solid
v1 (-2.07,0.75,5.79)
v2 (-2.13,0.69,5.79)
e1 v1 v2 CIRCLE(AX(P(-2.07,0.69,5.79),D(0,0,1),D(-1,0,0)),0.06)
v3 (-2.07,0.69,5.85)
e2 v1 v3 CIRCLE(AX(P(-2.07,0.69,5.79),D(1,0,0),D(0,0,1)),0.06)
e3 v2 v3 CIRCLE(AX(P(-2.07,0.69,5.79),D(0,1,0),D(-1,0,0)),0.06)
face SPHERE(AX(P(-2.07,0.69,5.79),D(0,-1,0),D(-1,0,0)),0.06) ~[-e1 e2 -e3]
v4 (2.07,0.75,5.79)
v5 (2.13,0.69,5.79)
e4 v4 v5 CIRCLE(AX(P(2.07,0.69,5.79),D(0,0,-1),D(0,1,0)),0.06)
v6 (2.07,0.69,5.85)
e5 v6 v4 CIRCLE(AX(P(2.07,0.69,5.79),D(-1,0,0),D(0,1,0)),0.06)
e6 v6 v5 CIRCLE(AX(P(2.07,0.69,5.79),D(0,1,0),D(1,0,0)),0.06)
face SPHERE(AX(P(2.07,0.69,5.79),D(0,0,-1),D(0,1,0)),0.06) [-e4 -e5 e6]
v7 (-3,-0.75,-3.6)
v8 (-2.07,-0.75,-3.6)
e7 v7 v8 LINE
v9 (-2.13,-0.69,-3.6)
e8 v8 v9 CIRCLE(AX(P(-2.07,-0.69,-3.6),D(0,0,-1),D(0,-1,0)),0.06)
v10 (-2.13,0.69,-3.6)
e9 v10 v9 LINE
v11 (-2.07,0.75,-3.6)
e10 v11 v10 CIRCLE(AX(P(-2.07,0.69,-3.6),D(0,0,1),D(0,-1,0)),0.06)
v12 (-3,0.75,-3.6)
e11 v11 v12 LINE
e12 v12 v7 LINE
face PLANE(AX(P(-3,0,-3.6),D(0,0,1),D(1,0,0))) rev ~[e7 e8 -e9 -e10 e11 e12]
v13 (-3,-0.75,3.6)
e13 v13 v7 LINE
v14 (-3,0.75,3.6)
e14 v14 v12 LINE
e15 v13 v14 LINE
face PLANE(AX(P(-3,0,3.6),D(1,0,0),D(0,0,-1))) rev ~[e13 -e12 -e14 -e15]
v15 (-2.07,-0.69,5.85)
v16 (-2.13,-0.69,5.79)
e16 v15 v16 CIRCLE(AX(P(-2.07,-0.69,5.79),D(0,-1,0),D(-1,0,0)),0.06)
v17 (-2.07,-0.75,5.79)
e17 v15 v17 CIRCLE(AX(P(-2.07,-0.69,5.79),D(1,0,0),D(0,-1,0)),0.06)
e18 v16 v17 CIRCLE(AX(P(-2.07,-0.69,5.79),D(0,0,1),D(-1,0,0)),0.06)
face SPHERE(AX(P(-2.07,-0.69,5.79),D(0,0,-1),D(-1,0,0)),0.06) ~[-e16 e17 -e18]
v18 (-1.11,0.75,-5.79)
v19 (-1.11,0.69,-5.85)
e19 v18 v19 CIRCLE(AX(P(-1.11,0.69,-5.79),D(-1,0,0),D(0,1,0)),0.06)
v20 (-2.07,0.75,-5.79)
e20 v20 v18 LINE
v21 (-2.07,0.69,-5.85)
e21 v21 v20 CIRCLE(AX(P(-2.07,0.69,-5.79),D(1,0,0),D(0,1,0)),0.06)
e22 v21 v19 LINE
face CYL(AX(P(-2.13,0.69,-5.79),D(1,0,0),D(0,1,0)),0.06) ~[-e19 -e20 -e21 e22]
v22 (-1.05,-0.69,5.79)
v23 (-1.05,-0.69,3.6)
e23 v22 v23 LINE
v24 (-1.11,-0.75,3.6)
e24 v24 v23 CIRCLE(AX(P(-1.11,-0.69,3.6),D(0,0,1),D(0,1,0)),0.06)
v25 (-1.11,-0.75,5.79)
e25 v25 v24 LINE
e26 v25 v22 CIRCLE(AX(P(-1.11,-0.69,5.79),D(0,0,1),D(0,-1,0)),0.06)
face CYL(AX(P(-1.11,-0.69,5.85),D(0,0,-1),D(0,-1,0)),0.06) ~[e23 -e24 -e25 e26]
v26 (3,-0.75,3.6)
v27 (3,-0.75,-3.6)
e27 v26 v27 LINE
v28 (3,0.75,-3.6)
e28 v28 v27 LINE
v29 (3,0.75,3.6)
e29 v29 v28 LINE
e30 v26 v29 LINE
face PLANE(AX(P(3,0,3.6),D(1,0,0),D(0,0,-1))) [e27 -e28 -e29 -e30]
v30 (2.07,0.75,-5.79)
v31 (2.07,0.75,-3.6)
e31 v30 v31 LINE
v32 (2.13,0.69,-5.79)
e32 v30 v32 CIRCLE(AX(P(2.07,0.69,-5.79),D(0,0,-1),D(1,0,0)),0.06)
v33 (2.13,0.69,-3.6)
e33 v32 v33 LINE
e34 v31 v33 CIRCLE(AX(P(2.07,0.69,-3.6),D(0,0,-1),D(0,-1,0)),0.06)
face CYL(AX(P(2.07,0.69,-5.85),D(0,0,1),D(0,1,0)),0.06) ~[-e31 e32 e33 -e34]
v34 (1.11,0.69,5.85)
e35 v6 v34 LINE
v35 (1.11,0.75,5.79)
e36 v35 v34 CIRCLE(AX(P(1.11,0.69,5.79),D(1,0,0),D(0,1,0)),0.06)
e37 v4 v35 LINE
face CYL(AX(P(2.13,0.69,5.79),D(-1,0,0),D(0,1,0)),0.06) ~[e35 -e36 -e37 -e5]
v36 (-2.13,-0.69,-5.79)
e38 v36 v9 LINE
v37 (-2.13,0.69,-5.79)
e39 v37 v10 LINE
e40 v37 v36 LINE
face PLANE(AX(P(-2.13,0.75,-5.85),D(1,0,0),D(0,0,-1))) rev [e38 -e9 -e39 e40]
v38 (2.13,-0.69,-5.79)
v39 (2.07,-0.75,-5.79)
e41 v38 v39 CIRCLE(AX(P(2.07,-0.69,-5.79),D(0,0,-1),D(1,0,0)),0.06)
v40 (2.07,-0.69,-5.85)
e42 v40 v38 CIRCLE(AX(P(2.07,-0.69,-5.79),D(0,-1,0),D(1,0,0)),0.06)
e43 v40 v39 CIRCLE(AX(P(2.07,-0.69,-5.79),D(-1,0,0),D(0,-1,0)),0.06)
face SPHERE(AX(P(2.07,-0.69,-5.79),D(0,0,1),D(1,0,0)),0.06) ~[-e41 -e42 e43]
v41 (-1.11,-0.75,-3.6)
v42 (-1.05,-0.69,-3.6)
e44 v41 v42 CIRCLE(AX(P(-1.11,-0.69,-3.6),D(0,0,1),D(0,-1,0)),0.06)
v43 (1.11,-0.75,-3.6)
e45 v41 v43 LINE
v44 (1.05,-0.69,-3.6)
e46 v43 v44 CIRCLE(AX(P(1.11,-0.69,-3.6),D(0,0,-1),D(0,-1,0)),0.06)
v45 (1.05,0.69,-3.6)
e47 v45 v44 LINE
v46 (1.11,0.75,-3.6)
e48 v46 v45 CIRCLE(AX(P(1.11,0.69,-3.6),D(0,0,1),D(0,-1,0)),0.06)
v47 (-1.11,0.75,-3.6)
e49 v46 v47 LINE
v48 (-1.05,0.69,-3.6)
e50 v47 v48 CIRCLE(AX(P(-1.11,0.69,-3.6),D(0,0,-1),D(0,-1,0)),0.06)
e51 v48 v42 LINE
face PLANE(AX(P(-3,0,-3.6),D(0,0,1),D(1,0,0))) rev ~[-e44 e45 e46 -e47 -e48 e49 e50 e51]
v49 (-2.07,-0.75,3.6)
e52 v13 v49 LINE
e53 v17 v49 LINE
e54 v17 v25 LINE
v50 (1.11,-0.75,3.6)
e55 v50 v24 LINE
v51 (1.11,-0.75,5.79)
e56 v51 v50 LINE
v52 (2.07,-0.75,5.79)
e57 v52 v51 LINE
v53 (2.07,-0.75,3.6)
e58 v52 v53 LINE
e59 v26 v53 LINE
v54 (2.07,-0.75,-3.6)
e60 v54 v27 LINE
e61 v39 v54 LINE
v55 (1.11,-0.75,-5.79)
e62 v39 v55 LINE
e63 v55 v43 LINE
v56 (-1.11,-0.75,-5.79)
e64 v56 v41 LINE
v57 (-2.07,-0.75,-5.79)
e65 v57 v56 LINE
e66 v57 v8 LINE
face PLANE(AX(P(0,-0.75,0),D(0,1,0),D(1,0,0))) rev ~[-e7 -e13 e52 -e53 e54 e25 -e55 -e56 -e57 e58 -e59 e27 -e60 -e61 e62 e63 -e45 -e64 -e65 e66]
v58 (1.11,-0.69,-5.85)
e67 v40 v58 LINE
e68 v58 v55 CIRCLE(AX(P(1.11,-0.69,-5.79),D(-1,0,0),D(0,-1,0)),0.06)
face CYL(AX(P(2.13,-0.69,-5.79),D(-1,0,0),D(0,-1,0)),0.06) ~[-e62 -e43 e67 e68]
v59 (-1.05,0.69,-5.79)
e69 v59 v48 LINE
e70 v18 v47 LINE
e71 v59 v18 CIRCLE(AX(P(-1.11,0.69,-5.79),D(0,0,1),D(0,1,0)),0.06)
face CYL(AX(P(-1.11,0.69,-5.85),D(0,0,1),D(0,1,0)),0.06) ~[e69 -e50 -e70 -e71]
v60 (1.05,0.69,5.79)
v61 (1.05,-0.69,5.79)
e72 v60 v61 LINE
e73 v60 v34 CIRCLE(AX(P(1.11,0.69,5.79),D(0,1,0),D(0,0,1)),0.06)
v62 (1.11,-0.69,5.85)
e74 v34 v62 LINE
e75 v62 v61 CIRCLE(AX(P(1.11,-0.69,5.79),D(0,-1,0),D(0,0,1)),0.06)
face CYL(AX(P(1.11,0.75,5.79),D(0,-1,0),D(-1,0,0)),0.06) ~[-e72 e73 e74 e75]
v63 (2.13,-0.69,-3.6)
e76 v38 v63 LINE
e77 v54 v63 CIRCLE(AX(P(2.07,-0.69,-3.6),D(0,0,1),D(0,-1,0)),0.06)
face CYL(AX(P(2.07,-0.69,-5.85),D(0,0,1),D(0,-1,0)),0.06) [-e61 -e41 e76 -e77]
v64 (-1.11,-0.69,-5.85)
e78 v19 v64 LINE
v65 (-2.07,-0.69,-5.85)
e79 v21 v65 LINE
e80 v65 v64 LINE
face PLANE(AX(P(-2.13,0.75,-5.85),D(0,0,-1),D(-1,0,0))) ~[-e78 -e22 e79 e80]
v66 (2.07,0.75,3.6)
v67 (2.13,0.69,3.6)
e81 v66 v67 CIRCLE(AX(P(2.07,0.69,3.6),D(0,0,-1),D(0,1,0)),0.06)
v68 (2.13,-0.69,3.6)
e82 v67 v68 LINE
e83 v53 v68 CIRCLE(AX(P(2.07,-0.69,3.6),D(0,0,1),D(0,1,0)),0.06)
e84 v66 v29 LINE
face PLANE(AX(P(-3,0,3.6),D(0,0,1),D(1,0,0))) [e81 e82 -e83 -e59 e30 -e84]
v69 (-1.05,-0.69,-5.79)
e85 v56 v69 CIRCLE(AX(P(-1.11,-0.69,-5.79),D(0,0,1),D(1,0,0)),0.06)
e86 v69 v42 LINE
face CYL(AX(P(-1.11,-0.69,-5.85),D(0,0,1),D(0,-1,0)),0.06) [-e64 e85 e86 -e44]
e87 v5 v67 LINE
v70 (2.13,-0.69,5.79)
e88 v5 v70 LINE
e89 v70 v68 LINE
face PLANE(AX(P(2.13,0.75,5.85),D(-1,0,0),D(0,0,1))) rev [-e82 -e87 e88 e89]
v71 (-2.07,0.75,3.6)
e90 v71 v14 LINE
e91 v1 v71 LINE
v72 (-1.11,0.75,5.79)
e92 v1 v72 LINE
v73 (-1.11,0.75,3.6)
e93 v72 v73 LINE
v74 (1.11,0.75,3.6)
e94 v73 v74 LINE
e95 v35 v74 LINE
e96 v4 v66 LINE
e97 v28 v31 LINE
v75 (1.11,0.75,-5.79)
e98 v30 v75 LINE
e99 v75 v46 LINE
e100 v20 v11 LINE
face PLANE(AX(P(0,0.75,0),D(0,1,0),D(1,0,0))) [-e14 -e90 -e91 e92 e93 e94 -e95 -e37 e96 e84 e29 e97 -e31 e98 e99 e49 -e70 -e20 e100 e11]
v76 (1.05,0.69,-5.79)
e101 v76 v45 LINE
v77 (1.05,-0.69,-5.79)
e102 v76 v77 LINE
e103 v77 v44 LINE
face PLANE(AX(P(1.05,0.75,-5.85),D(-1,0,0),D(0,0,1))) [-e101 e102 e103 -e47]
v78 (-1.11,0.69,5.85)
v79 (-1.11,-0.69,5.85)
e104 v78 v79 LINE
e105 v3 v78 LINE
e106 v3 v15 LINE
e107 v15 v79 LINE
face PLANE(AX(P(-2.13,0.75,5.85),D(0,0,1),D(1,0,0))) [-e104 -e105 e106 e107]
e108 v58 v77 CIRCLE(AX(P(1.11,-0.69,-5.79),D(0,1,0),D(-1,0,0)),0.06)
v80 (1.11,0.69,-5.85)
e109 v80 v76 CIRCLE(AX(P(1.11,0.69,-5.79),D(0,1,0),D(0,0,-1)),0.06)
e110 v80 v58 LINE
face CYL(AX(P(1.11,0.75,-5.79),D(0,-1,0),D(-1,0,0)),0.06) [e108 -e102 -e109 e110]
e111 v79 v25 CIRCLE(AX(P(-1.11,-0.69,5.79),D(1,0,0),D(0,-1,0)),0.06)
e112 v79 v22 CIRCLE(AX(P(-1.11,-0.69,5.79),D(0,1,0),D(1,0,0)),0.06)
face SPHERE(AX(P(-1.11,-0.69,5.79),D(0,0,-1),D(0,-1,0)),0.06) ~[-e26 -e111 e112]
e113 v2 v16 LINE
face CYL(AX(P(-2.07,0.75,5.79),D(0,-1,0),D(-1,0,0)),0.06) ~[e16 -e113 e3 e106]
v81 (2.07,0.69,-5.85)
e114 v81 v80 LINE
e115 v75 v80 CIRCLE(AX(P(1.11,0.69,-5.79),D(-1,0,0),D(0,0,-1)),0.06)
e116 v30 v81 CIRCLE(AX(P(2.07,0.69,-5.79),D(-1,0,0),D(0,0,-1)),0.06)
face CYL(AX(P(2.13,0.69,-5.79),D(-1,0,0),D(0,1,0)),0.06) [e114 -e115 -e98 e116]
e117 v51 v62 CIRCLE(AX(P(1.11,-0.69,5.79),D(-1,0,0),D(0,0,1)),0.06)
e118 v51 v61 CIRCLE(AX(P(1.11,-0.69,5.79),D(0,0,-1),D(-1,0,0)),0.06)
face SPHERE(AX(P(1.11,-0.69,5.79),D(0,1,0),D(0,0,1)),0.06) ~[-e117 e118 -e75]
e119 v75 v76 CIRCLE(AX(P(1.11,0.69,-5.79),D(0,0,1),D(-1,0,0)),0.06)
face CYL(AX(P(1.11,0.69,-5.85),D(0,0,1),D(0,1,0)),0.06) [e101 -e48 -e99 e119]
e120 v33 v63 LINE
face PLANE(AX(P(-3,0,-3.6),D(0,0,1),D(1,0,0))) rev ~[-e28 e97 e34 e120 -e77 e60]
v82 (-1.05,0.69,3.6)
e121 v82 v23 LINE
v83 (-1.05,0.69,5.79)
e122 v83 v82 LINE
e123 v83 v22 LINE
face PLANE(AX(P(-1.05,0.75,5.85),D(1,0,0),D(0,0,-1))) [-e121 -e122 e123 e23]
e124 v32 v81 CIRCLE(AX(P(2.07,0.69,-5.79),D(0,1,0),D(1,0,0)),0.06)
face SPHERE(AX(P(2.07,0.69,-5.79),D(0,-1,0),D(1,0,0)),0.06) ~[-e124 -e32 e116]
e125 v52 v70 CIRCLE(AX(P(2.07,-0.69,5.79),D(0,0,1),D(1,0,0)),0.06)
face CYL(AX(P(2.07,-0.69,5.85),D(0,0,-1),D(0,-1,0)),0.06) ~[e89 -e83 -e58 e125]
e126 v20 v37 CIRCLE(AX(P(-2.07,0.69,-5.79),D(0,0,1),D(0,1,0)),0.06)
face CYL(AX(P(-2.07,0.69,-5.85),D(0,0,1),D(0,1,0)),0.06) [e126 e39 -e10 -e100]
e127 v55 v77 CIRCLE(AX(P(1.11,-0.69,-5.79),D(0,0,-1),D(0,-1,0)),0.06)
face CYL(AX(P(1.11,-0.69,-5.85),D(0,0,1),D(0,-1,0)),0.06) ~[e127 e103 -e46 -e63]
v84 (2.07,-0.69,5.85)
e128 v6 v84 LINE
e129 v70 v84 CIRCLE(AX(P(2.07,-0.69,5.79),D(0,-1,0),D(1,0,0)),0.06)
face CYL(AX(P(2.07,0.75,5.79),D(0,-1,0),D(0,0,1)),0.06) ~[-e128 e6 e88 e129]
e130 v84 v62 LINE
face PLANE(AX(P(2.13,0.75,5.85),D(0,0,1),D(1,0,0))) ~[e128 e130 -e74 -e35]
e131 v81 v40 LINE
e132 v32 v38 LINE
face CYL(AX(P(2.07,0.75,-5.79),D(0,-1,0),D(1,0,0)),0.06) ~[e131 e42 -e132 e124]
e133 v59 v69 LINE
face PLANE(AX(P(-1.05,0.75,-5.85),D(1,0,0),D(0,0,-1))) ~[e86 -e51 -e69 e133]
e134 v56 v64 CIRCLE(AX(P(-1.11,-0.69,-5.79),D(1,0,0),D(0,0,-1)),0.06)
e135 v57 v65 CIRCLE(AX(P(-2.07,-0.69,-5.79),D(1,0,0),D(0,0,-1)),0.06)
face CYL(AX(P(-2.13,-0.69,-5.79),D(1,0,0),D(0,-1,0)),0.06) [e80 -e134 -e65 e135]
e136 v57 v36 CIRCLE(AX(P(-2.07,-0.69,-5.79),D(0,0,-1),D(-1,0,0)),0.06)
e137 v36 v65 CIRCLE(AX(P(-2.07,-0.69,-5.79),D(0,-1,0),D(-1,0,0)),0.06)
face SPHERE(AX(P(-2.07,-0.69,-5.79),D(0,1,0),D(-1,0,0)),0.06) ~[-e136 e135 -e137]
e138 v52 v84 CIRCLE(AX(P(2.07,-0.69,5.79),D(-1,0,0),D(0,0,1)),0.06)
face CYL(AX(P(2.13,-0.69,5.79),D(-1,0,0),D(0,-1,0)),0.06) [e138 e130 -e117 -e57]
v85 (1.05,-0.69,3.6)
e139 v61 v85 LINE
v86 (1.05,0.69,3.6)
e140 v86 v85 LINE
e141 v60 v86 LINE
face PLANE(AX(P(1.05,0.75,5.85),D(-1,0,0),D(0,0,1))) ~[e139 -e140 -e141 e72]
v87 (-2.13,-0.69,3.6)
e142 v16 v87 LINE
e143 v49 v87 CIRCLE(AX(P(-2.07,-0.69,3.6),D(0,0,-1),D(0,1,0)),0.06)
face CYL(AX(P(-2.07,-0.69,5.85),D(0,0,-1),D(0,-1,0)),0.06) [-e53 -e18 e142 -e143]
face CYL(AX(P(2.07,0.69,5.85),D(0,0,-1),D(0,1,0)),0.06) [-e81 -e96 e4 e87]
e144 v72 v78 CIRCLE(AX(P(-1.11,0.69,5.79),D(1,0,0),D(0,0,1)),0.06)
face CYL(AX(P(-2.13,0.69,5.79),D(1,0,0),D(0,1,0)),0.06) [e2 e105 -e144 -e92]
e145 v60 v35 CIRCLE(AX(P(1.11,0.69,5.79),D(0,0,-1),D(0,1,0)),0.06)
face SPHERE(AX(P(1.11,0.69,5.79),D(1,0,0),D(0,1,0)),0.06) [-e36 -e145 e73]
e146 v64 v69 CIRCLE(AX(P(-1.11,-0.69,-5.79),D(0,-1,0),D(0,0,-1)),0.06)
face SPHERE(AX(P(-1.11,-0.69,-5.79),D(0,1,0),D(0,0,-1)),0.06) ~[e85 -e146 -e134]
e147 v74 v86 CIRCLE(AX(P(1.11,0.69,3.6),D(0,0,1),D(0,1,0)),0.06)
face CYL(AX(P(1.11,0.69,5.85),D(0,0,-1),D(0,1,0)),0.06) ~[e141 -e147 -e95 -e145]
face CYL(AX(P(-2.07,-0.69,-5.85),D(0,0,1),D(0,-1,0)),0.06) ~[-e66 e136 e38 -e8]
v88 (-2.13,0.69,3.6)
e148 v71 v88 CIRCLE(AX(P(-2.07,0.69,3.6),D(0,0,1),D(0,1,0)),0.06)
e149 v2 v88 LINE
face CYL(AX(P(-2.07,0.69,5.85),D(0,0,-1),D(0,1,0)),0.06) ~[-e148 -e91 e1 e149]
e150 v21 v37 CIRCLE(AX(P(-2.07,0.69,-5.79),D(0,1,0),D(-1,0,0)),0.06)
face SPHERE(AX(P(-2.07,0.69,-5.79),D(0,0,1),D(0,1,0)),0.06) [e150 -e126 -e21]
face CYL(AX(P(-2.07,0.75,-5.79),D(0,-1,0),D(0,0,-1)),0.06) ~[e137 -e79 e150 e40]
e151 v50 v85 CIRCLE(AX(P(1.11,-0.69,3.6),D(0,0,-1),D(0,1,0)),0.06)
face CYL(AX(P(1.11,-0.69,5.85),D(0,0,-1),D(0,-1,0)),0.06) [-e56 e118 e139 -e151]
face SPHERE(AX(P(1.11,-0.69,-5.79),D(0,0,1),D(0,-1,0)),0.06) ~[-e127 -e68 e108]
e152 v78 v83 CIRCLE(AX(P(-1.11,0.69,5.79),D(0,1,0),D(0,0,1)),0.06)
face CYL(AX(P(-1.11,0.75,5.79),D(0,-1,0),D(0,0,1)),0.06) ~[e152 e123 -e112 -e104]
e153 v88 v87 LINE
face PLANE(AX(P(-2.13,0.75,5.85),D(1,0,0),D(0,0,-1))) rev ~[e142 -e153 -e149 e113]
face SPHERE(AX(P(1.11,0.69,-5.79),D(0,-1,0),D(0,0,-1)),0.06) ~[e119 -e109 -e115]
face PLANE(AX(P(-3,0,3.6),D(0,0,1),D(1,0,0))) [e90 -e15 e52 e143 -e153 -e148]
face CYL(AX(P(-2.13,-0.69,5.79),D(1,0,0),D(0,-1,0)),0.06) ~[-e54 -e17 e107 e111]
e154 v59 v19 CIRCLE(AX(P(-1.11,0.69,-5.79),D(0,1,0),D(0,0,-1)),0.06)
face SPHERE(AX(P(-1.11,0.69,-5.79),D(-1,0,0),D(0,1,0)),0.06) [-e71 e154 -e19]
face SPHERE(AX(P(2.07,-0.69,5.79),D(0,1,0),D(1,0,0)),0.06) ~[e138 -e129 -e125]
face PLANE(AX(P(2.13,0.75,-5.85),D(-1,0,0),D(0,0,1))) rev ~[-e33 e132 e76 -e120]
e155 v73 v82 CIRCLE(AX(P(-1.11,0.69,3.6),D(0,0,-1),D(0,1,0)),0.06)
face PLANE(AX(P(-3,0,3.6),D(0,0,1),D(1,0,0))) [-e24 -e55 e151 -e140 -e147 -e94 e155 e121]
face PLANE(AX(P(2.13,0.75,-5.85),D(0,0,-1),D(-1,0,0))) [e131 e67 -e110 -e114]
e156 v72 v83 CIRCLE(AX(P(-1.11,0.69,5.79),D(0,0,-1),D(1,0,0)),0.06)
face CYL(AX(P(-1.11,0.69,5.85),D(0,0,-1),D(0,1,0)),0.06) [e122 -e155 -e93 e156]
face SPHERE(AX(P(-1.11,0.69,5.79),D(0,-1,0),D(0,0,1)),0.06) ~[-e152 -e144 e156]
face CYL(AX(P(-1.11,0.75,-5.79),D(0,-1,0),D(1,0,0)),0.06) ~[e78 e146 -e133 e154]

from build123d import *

# Parameters (mm, degrees)
SKETCH1_W               = 20
SKETCH1_H               = 24
BOSS_EXTRUDE1_DEPTH     = 2.5
SKETCH2_W               = 3.6
SKETCH2_H               = 7.5
BOSS_EXTRUDE2_DEPTH     = 5
MIRROR2_COPY_1_SKETCH_W = 3.6
MIRROR2_COPY_1_SKETCH_H = 7.5
MIRROR2_COPY_1_DEPTH    = 5
FILLET1_R               = 0.2
SCALE1_SCALE            = 0.3


with BuildPart() as part:
    # Sketch1 → Boss-Extrude1 (new body, symmetric)
    with BuildSketch(Plane(origin=(0, 0, 0), x_dir=(1, 0, 0), z_dir=(0, 1, 0))):
        Rectangle(SKETCH1_W, SKETCH1_H)
    extrude(amount=BOSS_EXTRUDE1_DEPTH, both=True)

    # Sketch2 → Boss-Extrude2 (add)
    with BuildSketch(Plane(origin=(0, 2.5, 0), x_dir=(1, 0, 0), z_dir=(0, 1, 0))):
        with Locations((-5.3, -15.75)):
            Rectangle(SKETCH2_W, SKETCH2_H)
    boss_extrude2 = extrude(amount=-BOSS_EXTRUDE2_DEPTH)

    # Mirror1: Boss-Extrude2 across plane
    add(boss_extrude2.mirror(Plane(origin=(0, 0, 0), x_dir=(0, 0, 1), z_dir=(1, 0, 0))))

    # Mirror2: Boss-Extrude2 across plane
    add(boss_extrude2.mirror(Plane.XY))

    # Mirror2 copy 1 sketch → Mirror2 copy 1 (add)
    with BuildSketch(Plane(origin=(0, 2.5, 0), x_dir=(-1, 0, 0), z_dir=(0, 1, 0))):
        with Locations((-5.3, -15.75)):
            Rectangle(MIRROR2_COPY_1_SKETCH_W, MIRROR2_COPY_1_SKETCH_H)
    extrude(amount=-MIRROR2_COPY_1_DEPTH)

    # Fillet1
    fillet1_edges = [part.edges().sort_by_distance(p)[0] for p in [
        (-7.1, -2.5, 15.75),
        (-7.1, 0, 19.5),
        (-3.5, -2.5, 15.75),
        (-5.3, -2.5, 19.5),
        (-3.5, 0, 19.5),
        (-7.1, 2.5, 15.75),
        (-5.3, 2.5, 19.5),
        (-3.5, 2.5, 15.75),
        (7.1, 2.5, 15.75),
        (5.3, 2.5, 19.5),
        (7.1, 0, 19.5),
        (3.5, 2.5, 15.75),
        (3.5, 0, 19.5),
        (7.1, -2.5, 15.75),
        (5.3, -2.5, 19.5),
        (3.5, -2.5, 15.75),
        (-7.1, 2.5, -15.75),
        (-5.3, 2.5, -19.5),
        (-7.1, 0, -19.5),
        (-3.5, 2.5, -15.75),
        (-3.5, 0, -19.5),
        (-7.1, -2.5, -15.75),
        (-5.3, -2.5, -19.5),
        (-3.5, -2.5, -15.75),
        (7.1, -2.5, -15.75),
        (7.1, 0, -19.5),
        (3.5, -2.5, -15.75),
        (5.3, -2.5, -19.5),
        (3.5, 0, -19.5),
        (7.1, 2.5, -15.75),
        (5.3, 2.5, -19.5),
        (3.5, 2.5, -15.75),
    ]]
    fillet(fillet1_edges, radius=FILLET1_R)


with BuildPart() as part_1:
    # Scale1: scaled about (0, 0, 0)
    add(part.part.scale(SCALE1_SCALE))


solid = part_1.part
